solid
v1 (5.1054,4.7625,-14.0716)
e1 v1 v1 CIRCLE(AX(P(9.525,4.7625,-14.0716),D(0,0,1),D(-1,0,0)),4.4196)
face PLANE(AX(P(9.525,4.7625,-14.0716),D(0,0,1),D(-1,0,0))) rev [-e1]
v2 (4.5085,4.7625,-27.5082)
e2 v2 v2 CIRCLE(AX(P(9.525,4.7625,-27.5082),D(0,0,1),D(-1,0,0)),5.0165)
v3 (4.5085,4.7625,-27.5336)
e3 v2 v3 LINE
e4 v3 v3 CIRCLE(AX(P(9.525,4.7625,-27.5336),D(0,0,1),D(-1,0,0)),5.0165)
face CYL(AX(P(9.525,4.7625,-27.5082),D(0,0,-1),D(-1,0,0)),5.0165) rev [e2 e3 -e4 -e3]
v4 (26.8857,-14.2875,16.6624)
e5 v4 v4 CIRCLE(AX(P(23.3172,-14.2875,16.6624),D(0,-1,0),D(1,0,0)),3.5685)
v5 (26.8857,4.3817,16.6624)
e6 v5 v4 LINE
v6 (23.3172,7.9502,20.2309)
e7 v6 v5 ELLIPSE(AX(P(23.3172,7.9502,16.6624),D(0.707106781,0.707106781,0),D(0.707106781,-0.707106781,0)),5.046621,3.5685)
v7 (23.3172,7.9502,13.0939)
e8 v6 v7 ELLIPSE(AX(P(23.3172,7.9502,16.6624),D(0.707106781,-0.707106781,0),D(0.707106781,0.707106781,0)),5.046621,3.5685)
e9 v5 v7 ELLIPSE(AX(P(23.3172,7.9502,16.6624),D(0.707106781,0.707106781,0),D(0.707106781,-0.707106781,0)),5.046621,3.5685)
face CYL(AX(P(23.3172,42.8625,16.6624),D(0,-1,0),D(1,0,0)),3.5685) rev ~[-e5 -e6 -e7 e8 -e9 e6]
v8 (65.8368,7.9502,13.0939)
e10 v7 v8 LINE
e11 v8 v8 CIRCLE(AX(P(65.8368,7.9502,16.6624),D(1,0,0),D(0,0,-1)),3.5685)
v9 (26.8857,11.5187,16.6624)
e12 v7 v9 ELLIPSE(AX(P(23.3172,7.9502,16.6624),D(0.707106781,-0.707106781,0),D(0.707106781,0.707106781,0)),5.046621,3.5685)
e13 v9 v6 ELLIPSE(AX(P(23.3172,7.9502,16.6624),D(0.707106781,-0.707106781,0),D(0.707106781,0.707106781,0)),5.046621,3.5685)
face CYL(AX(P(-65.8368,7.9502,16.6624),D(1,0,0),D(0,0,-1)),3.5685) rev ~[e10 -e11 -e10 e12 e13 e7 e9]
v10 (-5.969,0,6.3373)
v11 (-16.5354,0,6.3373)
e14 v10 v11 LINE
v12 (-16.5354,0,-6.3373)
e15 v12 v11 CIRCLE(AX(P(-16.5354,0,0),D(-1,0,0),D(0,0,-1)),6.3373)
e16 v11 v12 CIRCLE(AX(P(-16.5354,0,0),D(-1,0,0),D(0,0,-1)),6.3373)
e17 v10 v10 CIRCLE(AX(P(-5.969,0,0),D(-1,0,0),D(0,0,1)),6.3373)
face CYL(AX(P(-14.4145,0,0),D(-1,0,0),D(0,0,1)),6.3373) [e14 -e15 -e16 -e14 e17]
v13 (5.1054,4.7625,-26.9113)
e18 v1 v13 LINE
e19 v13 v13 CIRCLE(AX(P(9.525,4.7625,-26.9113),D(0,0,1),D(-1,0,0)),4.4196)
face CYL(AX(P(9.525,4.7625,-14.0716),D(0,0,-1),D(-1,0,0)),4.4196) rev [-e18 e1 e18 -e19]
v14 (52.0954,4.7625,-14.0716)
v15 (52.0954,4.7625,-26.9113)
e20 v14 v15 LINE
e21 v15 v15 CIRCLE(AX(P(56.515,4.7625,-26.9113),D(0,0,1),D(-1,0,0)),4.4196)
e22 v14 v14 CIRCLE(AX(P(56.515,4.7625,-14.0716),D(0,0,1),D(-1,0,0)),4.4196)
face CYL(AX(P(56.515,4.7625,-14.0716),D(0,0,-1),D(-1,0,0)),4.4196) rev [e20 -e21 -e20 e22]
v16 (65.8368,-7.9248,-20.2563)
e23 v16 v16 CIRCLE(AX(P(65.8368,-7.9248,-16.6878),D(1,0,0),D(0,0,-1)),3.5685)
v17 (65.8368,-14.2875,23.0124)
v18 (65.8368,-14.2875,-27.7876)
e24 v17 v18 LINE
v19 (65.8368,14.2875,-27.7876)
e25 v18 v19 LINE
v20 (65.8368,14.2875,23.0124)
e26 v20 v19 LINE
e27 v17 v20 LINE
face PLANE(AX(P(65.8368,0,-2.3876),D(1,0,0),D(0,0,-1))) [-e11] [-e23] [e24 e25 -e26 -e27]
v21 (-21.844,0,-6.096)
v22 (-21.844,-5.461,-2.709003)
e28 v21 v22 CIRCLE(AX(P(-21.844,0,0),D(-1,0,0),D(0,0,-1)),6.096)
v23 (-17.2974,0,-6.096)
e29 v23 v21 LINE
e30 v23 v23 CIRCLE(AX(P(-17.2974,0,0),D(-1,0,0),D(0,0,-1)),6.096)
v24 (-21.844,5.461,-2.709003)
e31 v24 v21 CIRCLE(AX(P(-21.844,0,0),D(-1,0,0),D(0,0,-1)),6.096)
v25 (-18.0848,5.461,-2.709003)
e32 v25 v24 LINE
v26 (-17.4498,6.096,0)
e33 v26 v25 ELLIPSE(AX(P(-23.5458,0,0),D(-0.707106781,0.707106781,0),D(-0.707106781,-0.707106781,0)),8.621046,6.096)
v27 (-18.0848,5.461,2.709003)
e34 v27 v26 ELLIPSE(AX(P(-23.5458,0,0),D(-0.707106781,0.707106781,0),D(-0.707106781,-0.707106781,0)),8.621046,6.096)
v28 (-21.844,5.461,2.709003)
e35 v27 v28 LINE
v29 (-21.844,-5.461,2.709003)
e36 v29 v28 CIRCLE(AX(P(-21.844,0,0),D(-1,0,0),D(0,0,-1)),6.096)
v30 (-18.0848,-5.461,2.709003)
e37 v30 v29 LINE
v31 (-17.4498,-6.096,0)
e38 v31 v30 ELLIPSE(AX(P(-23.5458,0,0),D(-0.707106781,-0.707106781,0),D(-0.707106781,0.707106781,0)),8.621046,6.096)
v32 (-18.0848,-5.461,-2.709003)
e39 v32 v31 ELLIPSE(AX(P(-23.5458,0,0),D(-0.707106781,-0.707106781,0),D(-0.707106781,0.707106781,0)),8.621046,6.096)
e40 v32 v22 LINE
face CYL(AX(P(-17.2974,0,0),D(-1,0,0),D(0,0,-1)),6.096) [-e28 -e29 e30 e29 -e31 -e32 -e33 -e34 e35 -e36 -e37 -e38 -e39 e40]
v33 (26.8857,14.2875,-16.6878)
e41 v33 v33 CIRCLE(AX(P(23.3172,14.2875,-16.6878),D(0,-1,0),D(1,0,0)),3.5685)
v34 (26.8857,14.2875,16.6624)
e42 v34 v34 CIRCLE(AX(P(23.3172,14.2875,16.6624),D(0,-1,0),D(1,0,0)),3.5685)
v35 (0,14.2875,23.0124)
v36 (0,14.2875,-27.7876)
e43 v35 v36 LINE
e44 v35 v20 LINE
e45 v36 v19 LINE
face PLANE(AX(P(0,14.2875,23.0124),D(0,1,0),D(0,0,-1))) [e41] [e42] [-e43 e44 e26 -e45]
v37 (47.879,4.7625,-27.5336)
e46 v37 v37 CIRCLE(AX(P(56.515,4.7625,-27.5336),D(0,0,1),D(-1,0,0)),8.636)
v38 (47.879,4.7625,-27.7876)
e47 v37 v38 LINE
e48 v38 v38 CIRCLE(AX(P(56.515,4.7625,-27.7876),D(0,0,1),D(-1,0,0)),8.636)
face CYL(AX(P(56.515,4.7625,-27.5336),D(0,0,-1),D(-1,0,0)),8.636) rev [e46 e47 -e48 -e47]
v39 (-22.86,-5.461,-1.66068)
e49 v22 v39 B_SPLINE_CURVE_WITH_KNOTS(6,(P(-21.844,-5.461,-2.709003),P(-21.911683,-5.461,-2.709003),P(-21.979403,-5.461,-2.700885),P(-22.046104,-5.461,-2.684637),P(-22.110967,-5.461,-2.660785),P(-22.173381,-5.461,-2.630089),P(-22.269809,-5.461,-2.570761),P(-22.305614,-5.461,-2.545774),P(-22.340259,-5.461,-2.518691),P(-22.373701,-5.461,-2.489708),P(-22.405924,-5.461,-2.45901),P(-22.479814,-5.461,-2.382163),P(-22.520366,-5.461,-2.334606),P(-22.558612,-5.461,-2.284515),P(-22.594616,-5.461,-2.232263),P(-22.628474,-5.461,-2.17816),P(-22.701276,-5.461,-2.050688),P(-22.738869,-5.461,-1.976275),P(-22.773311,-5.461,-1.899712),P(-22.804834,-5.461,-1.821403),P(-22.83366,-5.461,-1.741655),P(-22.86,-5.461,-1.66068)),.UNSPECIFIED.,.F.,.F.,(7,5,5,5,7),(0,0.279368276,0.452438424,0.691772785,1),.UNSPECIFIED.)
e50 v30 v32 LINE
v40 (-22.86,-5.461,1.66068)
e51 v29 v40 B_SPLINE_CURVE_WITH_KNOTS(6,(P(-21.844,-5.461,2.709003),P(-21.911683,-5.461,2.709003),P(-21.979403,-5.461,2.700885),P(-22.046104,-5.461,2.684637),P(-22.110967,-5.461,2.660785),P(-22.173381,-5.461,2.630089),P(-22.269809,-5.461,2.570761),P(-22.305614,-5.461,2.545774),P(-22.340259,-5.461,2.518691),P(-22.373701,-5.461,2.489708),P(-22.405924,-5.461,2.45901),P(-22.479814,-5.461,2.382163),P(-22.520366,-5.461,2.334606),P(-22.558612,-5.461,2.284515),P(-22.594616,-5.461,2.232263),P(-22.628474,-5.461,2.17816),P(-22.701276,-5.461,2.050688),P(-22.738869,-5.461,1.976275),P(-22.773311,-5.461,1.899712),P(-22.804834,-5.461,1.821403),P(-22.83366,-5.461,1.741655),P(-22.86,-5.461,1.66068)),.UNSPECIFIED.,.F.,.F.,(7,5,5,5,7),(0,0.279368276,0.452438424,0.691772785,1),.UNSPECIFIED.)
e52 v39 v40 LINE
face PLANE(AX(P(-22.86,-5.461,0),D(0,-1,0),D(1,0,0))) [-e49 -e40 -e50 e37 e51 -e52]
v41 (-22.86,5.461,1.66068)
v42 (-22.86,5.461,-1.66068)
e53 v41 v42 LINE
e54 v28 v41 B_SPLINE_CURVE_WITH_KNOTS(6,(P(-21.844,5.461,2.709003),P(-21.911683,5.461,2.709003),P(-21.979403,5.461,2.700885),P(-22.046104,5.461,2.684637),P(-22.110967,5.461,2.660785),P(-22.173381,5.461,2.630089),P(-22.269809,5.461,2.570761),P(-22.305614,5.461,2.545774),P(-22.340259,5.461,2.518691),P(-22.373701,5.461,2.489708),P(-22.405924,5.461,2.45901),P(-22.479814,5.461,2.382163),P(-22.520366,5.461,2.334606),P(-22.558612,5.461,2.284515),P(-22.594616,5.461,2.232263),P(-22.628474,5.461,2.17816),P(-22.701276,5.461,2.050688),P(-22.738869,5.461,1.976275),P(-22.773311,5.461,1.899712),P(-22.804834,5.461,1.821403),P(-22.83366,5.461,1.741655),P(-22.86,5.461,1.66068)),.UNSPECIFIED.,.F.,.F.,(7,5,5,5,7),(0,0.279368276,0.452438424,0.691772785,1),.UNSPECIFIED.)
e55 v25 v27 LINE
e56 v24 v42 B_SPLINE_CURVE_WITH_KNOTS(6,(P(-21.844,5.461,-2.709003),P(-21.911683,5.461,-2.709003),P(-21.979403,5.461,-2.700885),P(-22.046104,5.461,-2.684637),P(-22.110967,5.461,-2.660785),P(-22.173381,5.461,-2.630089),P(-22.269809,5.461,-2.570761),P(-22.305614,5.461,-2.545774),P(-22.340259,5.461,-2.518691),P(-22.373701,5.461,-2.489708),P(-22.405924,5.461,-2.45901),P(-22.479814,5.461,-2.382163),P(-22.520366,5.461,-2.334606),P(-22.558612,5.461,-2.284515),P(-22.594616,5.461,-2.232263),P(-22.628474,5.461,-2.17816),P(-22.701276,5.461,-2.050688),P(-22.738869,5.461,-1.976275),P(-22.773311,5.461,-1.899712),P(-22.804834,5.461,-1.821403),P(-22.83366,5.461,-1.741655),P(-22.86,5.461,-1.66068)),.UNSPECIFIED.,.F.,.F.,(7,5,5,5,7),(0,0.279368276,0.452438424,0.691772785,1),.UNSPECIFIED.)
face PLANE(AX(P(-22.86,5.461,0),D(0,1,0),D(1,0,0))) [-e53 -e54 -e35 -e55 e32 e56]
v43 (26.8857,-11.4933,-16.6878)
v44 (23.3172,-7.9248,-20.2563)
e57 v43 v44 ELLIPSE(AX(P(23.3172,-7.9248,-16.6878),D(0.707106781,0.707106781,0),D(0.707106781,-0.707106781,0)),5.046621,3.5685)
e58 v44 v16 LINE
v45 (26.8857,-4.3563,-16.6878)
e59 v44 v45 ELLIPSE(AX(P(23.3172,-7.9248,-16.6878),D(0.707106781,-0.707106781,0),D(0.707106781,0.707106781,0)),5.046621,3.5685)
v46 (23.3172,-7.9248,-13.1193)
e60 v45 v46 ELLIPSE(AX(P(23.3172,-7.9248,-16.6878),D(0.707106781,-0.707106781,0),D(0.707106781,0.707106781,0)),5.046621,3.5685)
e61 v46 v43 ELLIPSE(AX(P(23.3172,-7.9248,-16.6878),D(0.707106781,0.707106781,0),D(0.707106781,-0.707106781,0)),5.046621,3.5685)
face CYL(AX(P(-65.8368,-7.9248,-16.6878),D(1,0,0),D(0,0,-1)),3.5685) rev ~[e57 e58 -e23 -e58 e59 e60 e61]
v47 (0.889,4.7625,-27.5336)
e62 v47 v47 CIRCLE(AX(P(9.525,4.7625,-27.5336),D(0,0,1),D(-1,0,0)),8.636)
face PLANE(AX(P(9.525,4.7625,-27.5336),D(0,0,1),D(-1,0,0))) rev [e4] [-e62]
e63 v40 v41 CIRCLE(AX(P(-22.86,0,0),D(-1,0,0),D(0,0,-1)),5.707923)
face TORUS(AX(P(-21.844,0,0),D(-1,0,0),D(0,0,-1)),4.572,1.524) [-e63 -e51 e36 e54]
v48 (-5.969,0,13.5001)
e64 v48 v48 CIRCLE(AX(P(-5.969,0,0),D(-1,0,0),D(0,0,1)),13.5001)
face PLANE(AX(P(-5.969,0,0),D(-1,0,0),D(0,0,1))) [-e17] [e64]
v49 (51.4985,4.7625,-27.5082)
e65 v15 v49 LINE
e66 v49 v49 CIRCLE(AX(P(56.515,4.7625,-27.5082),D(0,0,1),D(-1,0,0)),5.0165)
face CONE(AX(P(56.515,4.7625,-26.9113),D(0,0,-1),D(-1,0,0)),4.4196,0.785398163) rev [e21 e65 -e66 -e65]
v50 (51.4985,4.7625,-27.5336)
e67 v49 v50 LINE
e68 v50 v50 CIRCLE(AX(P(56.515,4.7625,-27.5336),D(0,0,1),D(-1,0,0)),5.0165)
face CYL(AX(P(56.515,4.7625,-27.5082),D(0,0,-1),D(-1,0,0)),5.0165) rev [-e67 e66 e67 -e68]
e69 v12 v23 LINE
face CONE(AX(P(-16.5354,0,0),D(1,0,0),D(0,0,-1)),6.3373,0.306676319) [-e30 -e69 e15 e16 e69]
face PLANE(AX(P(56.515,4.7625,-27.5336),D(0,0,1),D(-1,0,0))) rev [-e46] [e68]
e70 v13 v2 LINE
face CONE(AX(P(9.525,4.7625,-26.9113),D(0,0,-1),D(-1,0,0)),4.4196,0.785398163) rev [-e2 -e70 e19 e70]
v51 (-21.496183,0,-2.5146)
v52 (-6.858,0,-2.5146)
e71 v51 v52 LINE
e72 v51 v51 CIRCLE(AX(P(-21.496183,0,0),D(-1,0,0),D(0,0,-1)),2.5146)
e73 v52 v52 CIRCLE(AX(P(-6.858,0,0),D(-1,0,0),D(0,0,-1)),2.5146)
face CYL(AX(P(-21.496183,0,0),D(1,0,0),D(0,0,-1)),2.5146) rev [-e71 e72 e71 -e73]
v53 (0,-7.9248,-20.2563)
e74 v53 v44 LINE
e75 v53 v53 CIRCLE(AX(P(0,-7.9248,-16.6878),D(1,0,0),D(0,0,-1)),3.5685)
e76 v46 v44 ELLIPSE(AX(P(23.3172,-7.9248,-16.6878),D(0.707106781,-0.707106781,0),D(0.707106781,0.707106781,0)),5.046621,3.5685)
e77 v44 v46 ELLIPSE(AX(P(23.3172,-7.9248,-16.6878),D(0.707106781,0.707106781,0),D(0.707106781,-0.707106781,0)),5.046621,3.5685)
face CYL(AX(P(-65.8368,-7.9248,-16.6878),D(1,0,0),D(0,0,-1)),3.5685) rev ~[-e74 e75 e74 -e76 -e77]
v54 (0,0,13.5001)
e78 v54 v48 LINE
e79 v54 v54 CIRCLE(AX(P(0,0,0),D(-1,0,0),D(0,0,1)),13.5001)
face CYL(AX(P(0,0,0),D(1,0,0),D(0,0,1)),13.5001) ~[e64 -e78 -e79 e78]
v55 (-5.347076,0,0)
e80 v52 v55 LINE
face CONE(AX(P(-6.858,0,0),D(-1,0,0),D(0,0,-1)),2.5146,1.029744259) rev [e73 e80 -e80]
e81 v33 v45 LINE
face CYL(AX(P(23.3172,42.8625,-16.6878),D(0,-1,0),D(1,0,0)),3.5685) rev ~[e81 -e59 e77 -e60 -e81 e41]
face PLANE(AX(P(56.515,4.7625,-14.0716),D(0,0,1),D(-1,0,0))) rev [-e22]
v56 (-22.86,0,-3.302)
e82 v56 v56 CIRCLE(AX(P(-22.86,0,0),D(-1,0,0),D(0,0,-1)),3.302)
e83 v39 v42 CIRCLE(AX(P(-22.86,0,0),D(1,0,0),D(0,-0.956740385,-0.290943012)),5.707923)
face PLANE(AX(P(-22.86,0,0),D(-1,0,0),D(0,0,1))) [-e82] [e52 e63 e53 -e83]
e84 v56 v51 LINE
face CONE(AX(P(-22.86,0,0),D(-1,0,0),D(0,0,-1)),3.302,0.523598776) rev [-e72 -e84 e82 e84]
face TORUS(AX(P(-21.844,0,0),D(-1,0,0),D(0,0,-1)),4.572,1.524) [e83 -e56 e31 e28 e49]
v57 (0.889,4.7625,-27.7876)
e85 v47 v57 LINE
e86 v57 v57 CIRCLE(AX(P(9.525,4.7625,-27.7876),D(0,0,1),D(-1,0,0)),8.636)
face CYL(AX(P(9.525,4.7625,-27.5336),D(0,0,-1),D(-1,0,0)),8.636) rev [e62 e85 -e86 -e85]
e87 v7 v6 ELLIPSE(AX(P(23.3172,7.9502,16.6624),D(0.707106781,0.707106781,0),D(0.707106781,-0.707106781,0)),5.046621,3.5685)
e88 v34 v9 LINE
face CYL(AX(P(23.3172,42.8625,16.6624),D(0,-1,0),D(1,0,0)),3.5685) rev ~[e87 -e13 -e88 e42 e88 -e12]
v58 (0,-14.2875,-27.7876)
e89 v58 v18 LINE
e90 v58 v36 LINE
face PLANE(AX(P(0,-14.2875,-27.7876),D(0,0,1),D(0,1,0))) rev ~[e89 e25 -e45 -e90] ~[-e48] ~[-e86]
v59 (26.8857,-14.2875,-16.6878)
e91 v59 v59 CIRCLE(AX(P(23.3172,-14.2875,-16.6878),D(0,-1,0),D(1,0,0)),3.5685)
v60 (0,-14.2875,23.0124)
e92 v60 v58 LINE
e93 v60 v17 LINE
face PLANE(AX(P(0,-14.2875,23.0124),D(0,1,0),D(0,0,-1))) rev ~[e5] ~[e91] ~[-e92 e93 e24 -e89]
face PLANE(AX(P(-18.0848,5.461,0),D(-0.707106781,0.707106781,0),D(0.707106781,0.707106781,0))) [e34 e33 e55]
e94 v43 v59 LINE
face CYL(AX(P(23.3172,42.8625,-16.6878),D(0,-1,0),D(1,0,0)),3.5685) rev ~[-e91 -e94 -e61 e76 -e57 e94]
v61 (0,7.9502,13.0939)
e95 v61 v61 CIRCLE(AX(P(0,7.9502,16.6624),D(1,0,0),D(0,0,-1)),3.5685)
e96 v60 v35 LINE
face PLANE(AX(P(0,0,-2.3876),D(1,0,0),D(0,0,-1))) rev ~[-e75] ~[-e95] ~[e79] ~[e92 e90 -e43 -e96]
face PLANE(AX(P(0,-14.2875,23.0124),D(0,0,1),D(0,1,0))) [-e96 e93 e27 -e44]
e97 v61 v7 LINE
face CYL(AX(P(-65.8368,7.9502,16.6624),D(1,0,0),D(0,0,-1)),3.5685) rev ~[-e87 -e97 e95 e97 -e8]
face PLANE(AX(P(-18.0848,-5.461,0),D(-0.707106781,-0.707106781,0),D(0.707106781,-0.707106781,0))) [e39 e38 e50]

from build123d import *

# Parameters (mm, degrees)
SKETCH1_W          = 50.8
SKETCH1_H          = 28.575
EXTRUDE1_DEPTH     = 65.8368
LPATTERN1_COUNT    = 2
LPATTERN1_PITCH    = 46.99
SKETCH5_R          = 13.5001
EXTRUDE2_DEPTH     = 5.969
SKETCH6_W          = 6.3373
SKETCH6_H          = 16.891
CUT_EXTRUDE4_DEPTH = 30.48
HOLE1_D            = 7.137
HOLE1_DEPTH        = 65.8368
HOLE2_D            = 7.137
HOLE2_DEPTH        = 28.575


with BuildPart() as part:
    # Sketch1 → Extrude1 (new body)
    with BuildSketch(Plane(origin=(0, 0, 0), x_dir=(0, 0, -1), z_dir=(1, 0, 0))):
        with Locations((2.3876, 0)):
            Rectangle(SKETCH1_W, SKETCH1_H)
    extrude(amount=EXTRUDE1_DEPTH)

    # S2D0002 → Cut-Revolve1 (revolve, cut)
    with BuildSketch(Plane(origin=(0, 4.7625, 0), x_dir=(-1, 0, 0), z_dir=(0, 1, 0)), mode=Mode.PRIVATE) as cut_revolve1_sk:
        Polygon((-14.5415, -27.5336), (-18.161, -27.5336), (-18.161, -27.7876), (-9.525, -27.7876), (-9.525, -14.0716), (-13.9446, -14.0716), (-13.9446, -26.9113), (-14.5415, -27.5082), align=None)
    cut_revolve1 = revolve(cut_revolve1_sk.sketch.rotate(Axis((9.525, 4.7625, -19.13842003), (0, 0, 1)), 180), axis=Axis((9.525, 4.7625, -19.13842003), (0, 0, 1)), mode=Mode.SUBTRACT)  # turned: the seam where the file's is

    # LPattern1: Cut-Revolve1 ×2
    with Locations(*[(i * LPATTERN1_PITCH, 0, 0) for i in range(1, LPATTERN1_COUNT)]):
        add(cut_revolve1, mode=Mode.SUBTRACT)

    # Sketch5 → Extrude2 (add)
    with BuildSketch(Plane.ZY):
        Circle(SKETCH5_R)
    extrude(amount=EXTRUDE2_DEPTH)

    # Sketch6 → Revolve1 (revolve)
    with BuildSketch(Plane(origin=(0, 0, 0), x_dir=(0, 0, 1), z_dir=(0, -1, 0)), mode=Mode.PRIVATE) as revolve1_sk:
        with Locations((-3.16865, 14.4145)):
            Rectangle(SKETCH6_W, SKETCH6_H)
    revolve(revolve1_sk.sketch.rotate(Axis((5.754582971, 0, 0), (-1, 0, 0)), 180), axis=Axis((5.754582971, 0, 0), (-1, 0, 0)))  # turned: the seam where the file's is

    # S2D0001 → Cut-Revolve4 (revolve, cut)
    with BuildSketch(Plane(origin=(-18.511260017, 3.2639, 0), x_dir=(0, 1, 0), z_dir=(0, 0, 1)), mode=Mode.PRIVATE) as cut_revolve4_sk:
        Polygon((-0.7493, 2.984923177), (-0.7493, -11.653260017), (-3.2639, -13.16418413), (-3.2639, 4.348739983), (0.0381, 4.348739983), align=None)
    revolve(cut_revolve4_sk.sketch.rotate(Axis((0, 0, 0), (-1, 0, 0)), 90), axis=Axis((0, 0, 0), (-1, 0, 0)), mode=Mode.SUBTRACT)  # turned: the seam where the file's is

    # Sketch8 → Cut-Revolve5 (revolve, cut)
    with BuildSketch(Plane(origin=(0, 0, 0), x_dir=(0, 0, -1), z_dir=(0, 1, 0)), mode=Mode.PRIVATE) as cut_revolve5_sk:
        with BuildLine():
            Line((-6.3373, 16.5354), (-6.096, 17.2974))
            Line((-6.096, 17.2974), (-6.096, 21.844))
            ThreePointArc((-6.096, 21.844), (-5.995678675, 22.387796865), (-5.707922533, 22.86))
            Line((-5.707922533, 22.86), (-6.3373, 22.86))
            Line((-6.3373, 22.86), (-6.3373, 16.5354))
        make_face()
    revolve(cut_revolve5_sk.sketch.rotate(Axis((-12.65936, 0, 0), (-1, 0, 0)), 180), axis=Axis((-12.65936, 0, 0), (-1, 0, 0)), mode=Mode.SUBTRACT)  # turned: the seam where the file's is

    # Sketch12 → Cut-Extrude4 (cut, symmetric)
    with BuildSketch(Plane(origin=(0, 0, 0), x_dir=(0, -1, 0), z_dir=(0, 0, -1))):
        Polygon((5.461, 22.86), (5.461, 18.0848), (6.096, 17.4498), (6.096, 22.86), align=None)
        Polygon((-5.461, 22.86), (-5.461, 18.0848), (-6.096, 17.4498), (-6.096, 22.86), align=None)
    extrude(amount=CUT_EXTRUDE4_DEPTH, both=True, mode=Mode.SUBTRACT)

    # Hole1
    with Locations(Plane.ZY):
        with Locations((-16.6878, -7.9248), (16.6624, 7.9502)):
            Hole(HOLE1_D / 2, depth=HOLE1_DEPTH)

    # Hole2
    with Locations(Plane(origin=(0, 14.2875, 0), x_dir=(-1, 0, 0), z_dir=(0, 1, 0))):
        with Locations((-23.3172, -16.6878), (-23.3172, 16.6624)):
            Hole(HOLE2_D / 2, depth=HOLE2_DEPTH)


solid = part.part
